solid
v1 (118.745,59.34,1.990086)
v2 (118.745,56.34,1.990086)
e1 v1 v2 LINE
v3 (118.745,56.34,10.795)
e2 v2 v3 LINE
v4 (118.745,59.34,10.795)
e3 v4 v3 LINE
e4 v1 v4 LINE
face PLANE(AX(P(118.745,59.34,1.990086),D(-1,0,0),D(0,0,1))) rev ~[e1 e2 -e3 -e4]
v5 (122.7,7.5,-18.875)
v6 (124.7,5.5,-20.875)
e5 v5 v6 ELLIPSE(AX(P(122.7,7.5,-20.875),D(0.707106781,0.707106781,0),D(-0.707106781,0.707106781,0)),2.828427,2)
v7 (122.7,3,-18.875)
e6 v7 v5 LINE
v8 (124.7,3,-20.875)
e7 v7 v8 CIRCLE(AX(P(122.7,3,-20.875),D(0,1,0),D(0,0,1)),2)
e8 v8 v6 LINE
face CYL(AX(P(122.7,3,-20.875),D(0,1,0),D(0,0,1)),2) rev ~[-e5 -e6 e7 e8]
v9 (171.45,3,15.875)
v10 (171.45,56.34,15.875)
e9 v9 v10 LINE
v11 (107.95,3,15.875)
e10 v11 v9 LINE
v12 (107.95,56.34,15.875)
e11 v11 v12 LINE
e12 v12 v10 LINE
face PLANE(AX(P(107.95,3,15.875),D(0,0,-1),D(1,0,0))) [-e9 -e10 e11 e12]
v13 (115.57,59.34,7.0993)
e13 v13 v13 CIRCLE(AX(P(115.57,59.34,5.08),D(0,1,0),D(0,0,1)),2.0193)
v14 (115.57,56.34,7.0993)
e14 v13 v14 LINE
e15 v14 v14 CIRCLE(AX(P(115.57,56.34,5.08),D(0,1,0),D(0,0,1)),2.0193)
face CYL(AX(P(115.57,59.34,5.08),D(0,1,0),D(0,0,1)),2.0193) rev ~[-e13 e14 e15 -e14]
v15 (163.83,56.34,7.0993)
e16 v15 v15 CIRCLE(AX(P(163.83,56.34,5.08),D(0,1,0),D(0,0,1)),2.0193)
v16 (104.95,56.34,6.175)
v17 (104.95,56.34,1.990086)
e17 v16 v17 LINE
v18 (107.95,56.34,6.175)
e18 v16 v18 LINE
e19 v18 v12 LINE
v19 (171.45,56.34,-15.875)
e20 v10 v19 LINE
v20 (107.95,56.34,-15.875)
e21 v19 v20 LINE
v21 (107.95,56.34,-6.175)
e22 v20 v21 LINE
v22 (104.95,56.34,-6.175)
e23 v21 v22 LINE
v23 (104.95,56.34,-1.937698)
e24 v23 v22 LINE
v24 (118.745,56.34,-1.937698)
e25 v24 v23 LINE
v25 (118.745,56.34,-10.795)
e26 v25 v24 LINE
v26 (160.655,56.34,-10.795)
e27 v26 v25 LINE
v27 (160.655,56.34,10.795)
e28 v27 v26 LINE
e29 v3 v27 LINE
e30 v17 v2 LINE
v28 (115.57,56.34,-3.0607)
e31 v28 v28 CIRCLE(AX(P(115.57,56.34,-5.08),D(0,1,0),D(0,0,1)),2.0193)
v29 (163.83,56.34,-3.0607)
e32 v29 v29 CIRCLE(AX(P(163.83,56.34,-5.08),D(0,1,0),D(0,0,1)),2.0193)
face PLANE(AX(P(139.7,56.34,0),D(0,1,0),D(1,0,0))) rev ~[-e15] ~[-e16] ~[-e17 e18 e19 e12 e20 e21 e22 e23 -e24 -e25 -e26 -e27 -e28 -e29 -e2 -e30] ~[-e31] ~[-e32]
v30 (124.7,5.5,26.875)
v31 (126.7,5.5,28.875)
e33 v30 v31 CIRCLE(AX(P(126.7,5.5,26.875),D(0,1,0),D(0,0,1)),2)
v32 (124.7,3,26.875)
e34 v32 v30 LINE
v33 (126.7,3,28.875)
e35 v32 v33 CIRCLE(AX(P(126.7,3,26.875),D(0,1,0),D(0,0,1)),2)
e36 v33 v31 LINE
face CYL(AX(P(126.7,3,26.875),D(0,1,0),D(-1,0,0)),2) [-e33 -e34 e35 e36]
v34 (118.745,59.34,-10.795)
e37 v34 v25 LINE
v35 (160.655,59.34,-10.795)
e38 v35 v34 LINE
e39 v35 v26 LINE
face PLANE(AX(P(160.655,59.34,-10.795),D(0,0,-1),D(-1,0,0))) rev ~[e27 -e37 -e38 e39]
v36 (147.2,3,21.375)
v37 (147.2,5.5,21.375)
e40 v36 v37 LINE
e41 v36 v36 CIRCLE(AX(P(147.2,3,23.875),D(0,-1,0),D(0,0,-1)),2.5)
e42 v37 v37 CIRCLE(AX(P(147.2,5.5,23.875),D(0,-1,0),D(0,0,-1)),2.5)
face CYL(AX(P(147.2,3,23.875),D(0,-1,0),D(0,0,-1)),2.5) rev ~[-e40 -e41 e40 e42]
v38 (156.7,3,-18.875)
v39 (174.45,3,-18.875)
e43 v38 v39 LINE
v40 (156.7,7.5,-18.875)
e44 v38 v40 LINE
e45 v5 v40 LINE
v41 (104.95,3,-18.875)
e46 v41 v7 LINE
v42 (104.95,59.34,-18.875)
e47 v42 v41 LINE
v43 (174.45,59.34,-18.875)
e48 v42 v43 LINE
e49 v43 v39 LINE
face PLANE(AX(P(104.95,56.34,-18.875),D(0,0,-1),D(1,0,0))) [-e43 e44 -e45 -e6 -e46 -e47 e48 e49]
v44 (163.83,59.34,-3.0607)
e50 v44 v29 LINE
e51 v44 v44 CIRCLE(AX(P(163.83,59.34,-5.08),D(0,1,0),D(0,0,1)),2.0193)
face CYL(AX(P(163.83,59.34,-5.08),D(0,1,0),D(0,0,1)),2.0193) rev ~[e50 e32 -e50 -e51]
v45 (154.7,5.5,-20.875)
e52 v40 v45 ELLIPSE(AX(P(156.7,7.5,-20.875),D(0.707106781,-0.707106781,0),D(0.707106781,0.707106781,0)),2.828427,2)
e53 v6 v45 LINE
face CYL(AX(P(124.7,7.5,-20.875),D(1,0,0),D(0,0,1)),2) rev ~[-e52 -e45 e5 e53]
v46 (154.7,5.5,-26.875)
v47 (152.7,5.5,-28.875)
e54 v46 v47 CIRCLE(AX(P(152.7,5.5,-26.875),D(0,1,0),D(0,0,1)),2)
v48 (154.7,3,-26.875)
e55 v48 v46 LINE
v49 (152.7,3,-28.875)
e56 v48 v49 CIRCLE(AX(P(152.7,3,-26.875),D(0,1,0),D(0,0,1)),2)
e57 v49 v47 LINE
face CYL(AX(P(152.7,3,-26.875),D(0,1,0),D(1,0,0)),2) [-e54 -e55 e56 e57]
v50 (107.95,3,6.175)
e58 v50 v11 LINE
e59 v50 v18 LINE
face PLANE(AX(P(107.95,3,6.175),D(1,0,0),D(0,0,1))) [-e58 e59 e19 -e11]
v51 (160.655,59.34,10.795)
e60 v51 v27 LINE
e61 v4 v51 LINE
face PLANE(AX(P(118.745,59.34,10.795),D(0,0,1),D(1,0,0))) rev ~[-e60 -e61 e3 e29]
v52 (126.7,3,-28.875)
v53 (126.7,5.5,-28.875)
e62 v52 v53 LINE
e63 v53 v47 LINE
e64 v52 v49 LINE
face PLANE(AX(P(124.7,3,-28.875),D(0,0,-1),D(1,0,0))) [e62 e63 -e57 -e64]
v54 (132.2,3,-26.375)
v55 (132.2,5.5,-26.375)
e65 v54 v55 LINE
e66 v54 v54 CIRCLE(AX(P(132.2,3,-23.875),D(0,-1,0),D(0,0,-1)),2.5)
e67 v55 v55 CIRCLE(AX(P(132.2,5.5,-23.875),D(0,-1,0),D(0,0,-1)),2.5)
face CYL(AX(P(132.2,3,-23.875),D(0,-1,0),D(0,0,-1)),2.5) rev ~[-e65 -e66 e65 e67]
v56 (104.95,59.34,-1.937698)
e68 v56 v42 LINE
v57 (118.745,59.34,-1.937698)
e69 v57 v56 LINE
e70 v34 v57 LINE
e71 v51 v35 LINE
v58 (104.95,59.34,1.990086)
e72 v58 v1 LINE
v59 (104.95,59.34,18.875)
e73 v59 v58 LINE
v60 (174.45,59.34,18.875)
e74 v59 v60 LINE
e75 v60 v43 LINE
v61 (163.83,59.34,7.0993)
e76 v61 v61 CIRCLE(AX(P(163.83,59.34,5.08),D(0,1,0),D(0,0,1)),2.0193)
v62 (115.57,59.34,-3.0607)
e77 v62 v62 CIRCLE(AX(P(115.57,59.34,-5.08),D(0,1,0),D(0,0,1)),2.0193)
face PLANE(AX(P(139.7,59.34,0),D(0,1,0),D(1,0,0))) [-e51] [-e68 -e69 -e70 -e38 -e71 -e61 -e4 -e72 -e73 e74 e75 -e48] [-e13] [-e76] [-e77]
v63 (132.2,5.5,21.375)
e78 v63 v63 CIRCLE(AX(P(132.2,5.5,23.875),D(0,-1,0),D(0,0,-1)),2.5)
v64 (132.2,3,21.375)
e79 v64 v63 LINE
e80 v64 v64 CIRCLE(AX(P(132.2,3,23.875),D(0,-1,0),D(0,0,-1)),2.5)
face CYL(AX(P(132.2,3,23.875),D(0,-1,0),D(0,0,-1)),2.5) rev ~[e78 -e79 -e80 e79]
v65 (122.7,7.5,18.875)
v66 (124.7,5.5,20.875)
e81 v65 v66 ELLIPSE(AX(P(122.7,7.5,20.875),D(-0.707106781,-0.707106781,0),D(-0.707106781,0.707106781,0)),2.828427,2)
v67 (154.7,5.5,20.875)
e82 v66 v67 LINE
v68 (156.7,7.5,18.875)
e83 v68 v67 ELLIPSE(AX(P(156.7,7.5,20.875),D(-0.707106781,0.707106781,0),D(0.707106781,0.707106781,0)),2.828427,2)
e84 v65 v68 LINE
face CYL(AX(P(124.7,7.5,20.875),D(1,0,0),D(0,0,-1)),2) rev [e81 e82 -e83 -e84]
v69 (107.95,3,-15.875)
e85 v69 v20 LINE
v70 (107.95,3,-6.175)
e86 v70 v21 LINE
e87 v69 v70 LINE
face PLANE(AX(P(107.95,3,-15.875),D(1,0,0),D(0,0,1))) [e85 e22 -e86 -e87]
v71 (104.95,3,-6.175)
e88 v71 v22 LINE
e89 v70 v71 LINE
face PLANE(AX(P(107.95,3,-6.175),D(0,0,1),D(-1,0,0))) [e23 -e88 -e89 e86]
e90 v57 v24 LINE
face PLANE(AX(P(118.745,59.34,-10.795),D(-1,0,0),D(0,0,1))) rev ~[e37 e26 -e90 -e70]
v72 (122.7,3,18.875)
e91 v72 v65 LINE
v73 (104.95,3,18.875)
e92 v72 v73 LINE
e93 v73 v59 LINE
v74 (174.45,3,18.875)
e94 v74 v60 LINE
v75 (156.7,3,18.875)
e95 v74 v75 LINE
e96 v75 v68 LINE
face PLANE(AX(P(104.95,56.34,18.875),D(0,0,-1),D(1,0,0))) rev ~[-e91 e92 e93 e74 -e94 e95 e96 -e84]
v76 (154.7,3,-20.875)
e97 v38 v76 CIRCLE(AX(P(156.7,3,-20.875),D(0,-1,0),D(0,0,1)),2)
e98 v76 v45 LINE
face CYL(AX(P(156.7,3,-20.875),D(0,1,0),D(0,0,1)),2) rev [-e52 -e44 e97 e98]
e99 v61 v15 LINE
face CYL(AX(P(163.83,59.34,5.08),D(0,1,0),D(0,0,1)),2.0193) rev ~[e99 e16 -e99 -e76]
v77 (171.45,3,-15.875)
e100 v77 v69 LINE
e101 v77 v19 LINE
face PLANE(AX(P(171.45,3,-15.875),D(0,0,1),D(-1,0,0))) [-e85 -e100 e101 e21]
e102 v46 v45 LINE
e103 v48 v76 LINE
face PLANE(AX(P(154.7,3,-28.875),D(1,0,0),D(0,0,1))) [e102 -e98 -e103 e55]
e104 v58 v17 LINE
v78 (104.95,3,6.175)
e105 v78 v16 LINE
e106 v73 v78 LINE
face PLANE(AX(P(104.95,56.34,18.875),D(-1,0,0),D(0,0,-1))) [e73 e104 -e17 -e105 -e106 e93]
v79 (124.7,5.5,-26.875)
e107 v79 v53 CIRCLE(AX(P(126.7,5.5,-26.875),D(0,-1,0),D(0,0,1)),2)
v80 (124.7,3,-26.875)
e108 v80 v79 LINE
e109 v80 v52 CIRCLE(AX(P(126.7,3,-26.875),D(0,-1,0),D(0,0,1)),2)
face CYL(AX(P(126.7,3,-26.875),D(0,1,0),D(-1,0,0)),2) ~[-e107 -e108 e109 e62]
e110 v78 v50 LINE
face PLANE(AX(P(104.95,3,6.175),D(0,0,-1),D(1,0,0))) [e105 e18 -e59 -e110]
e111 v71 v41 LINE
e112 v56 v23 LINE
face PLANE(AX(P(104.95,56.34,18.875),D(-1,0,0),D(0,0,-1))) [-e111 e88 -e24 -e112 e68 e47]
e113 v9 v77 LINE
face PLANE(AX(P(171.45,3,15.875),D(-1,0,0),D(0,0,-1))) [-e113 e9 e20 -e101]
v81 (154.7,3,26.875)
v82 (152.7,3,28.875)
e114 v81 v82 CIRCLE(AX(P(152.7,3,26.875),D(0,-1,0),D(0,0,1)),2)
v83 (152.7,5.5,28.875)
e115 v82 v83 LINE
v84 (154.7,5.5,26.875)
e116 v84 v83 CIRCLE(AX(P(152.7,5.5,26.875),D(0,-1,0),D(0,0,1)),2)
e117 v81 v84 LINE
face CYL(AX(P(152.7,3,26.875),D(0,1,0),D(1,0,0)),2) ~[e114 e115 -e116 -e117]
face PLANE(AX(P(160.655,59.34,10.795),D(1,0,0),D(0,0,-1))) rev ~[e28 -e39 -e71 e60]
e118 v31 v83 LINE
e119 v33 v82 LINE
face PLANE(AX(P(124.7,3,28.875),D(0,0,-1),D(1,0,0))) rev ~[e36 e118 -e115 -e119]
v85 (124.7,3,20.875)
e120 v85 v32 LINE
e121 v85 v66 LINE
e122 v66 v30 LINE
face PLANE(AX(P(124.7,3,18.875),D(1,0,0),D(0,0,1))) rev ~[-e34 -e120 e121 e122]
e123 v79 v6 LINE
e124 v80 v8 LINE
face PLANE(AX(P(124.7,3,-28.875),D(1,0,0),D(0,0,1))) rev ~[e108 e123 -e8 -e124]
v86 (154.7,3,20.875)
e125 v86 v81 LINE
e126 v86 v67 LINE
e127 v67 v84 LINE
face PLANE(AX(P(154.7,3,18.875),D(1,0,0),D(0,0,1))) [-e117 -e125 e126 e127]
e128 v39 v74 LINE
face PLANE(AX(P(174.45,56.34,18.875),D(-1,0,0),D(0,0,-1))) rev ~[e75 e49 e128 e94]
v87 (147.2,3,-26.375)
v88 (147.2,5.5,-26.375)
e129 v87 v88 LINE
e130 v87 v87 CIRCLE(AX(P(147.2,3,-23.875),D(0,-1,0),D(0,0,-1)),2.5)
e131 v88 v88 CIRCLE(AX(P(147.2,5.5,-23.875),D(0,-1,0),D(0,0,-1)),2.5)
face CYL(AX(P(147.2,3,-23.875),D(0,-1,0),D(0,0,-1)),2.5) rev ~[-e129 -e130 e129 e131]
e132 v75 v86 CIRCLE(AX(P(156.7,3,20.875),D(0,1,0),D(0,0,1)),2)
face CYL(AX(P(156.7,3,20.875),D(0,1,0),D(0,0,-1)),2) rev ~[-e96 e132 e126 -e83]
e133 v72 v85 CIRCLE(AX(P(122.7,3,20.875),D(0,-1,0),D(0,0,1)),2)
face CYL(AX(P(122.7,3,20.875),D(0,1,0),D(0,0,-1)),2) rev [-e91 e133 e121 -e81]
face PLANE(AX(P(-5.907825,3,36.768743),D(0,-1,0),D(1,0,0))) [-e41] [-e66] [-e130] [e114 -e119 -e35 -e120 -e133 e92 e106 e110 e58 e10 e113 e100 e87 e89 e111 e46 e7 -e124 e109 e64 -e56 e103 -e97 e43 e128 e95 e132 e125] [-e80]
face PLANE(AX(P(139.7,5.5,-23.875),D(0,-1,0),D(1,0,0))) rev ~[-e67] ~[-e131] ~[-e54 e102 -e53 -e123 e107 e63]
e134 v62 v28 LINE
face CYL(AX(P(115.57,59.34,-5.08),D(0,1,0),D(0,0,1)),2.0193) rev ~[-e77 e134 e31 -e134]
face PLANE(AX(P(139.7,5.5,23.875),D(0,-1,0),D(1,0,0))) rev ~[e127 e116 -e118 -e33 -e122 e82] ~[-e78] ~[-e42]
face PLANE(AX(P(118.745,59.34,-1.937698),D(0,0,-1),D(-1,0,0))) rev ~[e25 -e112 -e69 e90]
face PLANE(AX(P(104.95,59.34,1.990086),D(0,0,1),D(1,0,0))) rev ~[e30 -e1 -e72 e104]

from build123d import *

# Parameters (mm, degrees)
SKETCH1_R              = 2.54
SKETCH1_R_2            = 6.35
MAINBASEPLATE_DEPTH    = 3
PANTILT_EXTRUDE6_DEPTH = 53.34
SKETCH11_W             = 69.5
SKETCH11_H             = 37.75
BOSS_EXTRUDE7_DEPTH    = 3
SKETCH12_R             = 2.0193
CUT_EXTRUDE3_DEPTH     = 56.34
SKETCH32_W             = 712.395528774
SKETCH32_H             = 524.196017535
CUT_EXTRUDE11_DEPTH    = 3
SKETCH33_W             = 30
SKETCH33_H             = 10
SKETCH33_R             = 2.5
BOSS_EXTRUDE9_DEPTH    = 2.5
FILLET1_R              = 2


with BuildPart() as part:
    # Sketch1 → mainbaseplate (new body)
    with BuildSketch(Plane(origin=(0, 0, 0), x_dir=(1, 0, 0), z_dir=(0, 1, 0))):
        with BuildLine():
            Line((-223.52, -111.125), (223.52, -111.125))
            ThreePointArc((223.52, -111.125), (227.112102448, -109.637102448), (228.6, -106.045))
            Line((228.6, -106.045), (228.6, 106.045))
            ThreePointArc((228.6, 106.045), (227.112102448, 109.637102448), (223.52, 111.125))
            Line((223.52, 111.125), (-223.52, 111.125))
            ThreePointArc((-223.52, 111.125), (-227.112102448, 109.637102448), (-228.6, 106.045))
            Line((-228.6, 106.045), (-228.6, -106.045))
            ThreePointArc((-228.6, -106.045), (-227.112102448, -109.637102448), (-223.52, -111.125))
        make_face()
        with Locations(Location((127, 36.5125, 0), (0, 0, 270))):
            Circle(SKETCH1_R, mode=Mode.SUBTRACT)
        with Locations(Location((127, -36.5125, 0), (0, 0, 270))):
            Circle(SKETCH1_R, mode=Mode.SUBTRACT)
        with Locations(Location((-142.24, 36.5125, 0), (0, 0, 270))):
            Circle(SKETCH1_R, mode=Mode.SUBTRACT)
        with Locations(Location((-142.24, -36.5125, 0), (0, 0, 270))):
            Circle(SKETCH1_R, mode=Mode.SUBTRACT)
        with Locations(Location((209.55, 0, 0), (0, 0, 270))):
            Circle(SKETCH1_R_2, mode=Mode.SUBTRACT)
    extrude(amount=MAINBASEPLATE_DEPTH)

    # Sketch10 → PanTilt-Extrude6 (add)
    with BuildSketch(Plane(origin=(0, 3, 0), x_dir=(1, 0, 0), z_dir=(0, 1, 0))):
        Polygon((104.95, 18.875), (174.45, 18.875), (174.45, -18.875), (104.95, -18.875), (104.95, -6.175), (107.95, -6.175), (107.95, -15.875), (171.45, -15.875), (171.45, 15.875), (107.95, 15.875), (107.95, 6.175), (104.95, 6.175), align=None)
    extrude(amount=PANTILT_EXTRUDE6_DEPTH)

    # Sketch11 → Boss-Extrude7 (add)
    with BuildSketch(Plane(origin=(0, 56.34, 0), x_dir=(1, 0, 0), z_dir=(0, 1, 0))):
        with Locations((139.7, 0)):
            Rectangle(SKETCH11_W, SKETCH11_H)
    extrude(amount=BOSS_EXTRUDE7_DEPTH)

    # Sketch12 → Cut-Extrude3 (cut)
    with BuildSketch(Plane(origin=(0, 59.34, 0), x_dir=(1, 0, 0), z_dir=(0, 1, 0))):
        with Locations(Location((163.83, 5.08, 0), (0, 0, 270))):
            Circle(SKETCH12_R)
        with Locations(Location((163.83, -5.08, 0), (0, 0, 270))):
            Circle(SKETCH12_R)
        with Locations(Location((115.57, 5.08, 0), (0, 0, 270))):
            Circle(SKETCH12_R)
        with Locations(Location((115.57, -5.08, 0), (0, 0, 270))):
            Circle(SKETCH12_R)
        Polygon((118.745, 1.937698292), (104.95, 1.937698292), (95.841621454, 0), (104.95, -1.990085687), (118.745, -1.990085687), (118.745, -10.795), (160.655, -10.795), (160.655, 10.795), (118.745, 10.795), align=None)
    extrude(amount=-CUT_EXTRUDE3_DEPTH, mode=Mode.SUBTRACT)

    # Sketch32 → Cut-Extrude11 (cut)
    with BuildSketch(Plane.XZ):
        with Locations((-5.907824988, 36.768742763)):
            Rectangle(SKETCH32_W, SKETCH32_H)
    extrude(amount=-CUT_EXTRUDE11_DEPTH, mode=Mode.SUBTRACT)

    # Sketch33 → Boss-Extrude9 (add)
    # profile 1 of 2: a face of its own
    with BuildSketch(Plane.XZ.offset(-3)):
        with Locations((139.7, 23.875)):
            Rectangle(SKETCH33_W, SKETCH33_H)
        with Locations(Location((132.2, 23.875, 0), (0, 0, 270))):
            Circle(SKETCH33_R, mode=Mode.SUBTRACT)
        with Locations(Location((147.2, 23.875, 0), (0, 0, 270))):
            Circle(SKETCH33_R, mode=Mode.SUBTRACT)
    # profile 2 of 2: a face of its own
    with BuildSketch(Plane.XZ.offset(-3)):
        with Locations((139.7, -23.875)):
            Rectangle(SKETCH33_W, SKETCH33_H)
        with Locations(Location((132.2, -23.875, 0), (0, 0, 270))):
            Circle(SKETCH33_R, mode=Mode.SUBTRACT)
        with Locations(Location((147.2, -23.875, 0), (0, 0, 270))):
            Circle(SKETCH33_R, mode=Mode.SUBTRACT)
    extrude(amount=-BOSS_EXTRUDE9_DEPTH)

    # Fillet1
    fillet1_edges = [part.edges().sort_by_distance(p)[0] for p in [
        (124.7, 4.25, 28.875),
        (154.7, 4.25, 28.875),
        (154.7, 4.25, 18.875),
        (124.7, 4.25, 18.875),
        (139.7, 5.5, 18.875),
        (124.7, 4.25, -18.875),
        (154.7, 4.25, -18.875),
        (154.7, 4.25, -28.875),
        (124.7, 4.25, -28.875),
        (139.7, 5.5, -18.875),
    ]]
    fillet(fillet1_edges, radius=FILLET1_R)


solid = part.part
